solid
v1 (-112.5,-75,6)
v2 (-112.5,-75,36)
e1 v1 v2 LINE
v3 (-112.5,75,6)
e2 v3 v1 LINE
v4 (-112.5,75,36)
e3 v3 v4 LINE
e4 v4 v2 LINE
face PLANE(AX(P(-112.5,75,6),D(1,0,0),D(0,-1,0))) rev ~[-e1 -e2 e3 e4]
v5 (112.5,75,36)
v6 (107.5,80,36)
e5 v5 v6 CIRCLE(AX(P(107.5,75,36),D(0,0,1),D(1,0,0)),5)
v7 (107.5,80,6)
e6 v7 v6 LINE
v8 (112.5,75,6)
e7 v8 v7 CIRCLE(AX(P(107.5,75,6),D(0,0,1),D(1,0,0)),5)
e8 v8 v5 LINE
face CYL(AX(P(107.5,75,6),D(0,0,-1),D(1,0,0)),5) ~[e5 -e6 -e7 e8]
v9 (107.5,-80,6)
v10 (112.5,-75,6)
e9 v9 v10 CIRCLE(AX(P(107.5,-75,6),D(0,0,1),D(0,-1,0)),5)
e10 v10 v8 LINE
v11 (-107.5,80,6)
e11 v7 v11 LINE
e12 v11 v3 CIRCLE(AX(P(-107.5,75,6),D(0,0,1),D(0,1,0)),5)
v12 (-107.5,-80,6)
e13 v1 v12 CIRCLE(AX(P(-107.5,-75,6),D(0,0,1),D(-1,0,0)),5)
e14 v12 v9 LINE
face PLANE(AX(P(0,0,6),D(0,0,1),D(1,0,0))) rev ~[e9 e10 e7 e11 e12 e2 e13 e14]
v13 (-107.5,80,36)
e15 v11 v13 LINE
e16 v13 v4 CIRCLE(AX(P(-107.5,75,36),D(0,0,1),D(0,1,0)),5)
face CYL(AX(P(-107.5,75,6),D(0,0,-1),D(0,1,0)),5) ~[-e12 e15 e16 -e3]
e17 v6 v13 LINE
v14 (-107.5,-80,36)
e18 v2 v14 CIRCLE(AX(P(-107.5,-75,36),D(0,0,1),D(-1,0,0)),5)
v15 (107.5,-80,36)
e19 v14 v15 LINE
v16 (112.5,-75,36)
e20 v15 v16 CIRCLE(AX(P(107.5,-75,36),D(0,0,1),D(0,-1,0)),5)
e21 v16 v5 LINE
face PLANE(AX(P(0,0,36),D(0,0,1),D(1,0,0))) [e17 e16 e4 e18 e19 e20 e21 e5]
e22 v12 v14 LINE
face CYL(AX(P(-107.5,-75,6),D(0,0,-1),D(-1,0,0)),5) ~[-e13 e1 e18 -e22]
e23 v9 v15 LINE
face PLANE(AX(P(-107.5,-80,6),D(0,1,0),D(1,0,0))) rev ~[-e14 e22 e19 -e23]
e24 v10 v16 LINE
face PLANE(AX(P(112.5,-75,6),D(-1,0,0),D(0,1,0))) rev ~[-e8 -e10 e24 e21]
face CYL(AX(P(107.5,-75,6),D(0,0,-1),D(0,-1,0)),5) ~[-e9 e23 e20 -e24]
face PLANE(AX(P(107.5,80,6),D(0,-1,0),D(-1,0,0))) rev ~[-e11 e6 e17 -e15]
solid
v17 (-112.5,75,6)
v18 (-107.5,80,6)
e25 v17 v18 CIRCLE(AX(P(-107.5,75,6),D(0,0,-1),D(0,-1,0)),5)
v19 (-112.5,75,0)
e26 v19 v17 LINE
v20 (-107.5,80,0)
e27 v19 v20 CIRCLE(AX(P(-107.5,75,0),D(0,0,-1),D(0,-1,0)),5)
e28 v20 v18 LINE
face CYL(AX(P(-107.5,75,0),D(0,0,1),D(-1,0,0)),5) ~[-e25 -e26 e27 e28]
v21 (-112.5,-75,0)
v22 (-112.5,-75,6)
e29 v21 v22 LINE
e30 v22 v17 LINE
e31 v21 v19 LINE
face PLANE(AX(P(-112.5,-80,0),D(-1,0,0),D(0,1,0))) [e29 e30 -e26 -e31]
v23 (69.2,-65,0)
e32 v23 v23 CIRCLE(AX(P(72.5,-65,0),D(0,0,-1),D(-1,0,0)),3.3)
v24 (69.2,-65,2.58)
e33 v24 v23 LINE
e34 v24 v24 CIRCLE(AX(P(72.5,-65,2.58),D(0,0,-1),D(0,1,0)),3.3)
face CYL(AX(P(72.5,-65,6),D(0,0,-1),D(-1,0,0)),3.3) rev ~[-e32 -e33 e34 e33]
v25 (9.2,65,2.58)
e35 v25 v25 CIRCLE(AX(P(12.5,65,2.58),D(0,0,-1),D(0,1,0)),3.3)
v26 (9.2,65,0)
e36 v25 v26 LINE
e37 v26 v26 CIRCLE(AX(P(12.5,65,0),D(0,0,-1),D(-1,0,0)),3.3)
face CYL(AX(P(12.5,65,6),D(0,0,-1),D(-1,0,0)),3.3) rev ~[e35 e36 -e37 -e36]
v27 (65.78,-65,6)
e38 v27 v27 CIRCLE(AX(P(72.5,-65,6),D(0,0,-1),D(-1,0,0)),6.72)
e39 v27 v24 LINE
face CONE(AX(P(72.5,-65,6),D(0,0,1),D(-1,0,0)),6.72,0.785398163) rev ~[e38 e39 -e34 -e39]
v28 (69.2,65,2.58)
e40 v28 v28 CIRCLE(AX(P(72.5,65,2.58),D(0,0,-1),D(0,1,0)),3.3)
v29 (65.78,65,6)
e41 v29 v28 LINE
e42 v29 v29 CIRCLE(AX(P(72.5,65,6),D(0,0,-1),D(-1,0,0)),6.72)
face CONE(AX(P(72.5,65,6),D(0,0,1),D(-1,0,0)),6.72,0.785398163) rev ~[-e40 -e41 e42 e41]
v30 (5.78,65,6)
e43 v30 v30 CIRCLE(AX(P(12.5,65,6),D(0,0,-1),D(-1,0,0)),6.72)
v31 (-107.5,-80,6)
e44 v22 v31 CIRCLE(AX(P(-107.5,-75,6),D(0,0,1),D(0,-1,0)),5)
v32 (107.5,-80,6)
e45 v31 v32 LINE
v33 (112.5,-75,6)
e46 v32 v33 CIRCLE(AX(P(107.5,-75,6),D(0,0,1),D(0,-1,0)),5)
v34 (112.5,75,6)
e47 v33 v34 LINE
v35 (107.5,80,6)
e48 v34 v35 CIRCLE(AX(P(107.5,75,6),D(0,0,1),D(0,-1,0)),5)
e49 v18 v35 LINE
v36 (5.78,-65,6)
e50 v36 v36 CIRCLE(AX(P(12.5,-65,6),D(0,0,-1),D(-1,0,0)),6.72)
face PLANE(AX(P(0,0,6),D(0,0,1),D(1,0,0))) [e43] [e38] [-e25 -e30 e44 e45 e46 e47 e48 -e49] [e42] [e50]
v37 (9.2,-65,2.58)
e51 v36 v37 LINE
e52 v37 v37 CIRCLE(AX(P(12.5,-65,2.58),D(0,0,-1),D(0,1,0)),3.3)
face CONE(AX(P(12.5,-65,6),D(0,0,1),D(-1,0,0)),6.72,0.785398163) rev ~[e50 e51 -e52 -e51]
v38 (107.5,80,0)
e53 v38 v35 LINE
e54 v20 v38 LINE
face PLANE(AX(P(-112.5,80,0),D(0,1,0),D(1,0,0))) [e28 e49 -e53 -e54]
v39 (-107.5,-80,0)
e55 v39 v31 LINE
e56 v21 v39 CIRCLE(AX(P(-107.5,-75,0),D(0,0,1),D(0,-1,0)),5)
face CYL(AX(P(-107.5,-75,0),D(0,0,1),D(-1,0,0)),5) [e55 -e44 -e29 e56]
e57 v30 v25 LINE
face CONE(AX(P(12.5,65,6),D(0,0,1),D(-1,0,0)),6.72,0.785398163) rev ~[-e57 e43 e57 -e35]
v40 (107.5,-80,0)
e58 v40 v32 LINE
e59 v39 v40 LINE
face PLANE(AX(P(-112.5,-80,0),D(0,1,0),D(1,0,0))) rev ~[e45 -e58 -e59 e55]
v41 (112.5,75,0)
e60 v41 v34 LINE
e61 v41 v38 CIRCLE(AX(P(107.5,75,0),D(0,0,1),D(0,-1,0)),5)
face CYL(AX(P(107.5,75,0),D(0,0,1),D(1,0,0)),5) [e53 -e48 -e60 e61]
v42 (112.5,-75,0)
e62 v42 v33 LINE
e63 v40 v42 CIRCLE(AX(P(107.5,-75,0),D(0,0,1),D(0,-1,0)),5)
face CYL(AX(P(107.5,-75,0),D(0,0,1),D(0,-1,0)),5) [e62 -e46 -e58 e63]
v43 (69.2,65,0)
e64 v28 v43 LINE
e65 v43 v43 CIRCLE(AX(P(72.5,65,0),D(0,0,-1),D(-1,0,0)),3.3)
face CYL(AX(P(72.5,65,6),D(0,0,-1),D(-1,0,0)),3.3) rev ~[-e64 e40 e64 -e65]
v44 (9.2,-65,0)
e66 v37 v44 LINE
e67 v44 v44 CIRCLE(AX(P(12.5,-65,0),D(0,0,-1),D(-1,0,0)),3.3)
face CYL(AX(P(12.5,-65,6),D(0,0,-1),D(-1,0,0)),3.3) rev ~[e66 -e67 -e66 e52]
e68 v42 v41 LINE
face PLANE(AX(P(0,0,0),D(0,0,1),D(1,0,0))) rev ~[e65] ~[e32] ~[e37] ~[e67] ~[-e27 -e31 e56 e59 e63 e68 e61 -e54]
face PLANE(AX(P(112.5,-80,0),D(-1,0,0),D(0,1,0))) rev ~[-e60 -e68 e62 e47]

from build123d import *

# Parameters (mm, degrees)
F0_W           = 225
F0_H           = 160
F1_DEPTH       = 6
F2_R           = 5
F4_D           = 6.6
F4_DEPTH       = 7
F4_CSINK_D     = 13.44
F4_CSINK_ANGLE = 90
F4_TIP         = 1.9828400428
F6_DEPTH       = 30


with BuildPart() as f1:
    # F0 (on Top) → F1 (new body)
    with BuildSketch(Plane.XY):
        Rectangle(F0_W, F0_H)
    extrude(amount=F1_DEPTH)

    # F2
    f2_edges = [f1.edges().sort_by_distance(p)[0] for p in [
        (112.5, -80, 3),
        (112.5, 80, 3),
        (-112.5, -80, 3),
        (-112.5, 80, 3),
    ]]
    fillet(f2_edges, radius=F2_R)

    # F4
    with Locations(Plane.XY.offset(6)):
        with Locations((12.5, -65), (72.5, -65), (72.5, 65), (12.5, 65)):
            CounterSinkHole(F4_D / 2, F4_CSINK_D / 2, depth=F4_DEPTH, counter_sink_angle=F4_CSINK_ANGLE)
            with Locations((0, 0, -(F4_DEPTH + F4_TIP / 2))):  # 118° drill point
                Cone(0, F4_D / 2, F4_TIP, mode=Mode.SUBTRACT)


with BuildPart() as f6:
    # F5 (on face) → F6 (new body)
    with BuildSketch(Plane.XY.offset(6)):
        with BuildLine():
            ThreePointArc((107.5, -80), (111.0355339059, -78.5355339059), (112.5, -75))
            Line((112.5, -75), (112.5, 75))
            ThreePointArc((112.5, 75), (111.0355339059, 78.5355339059), (107.5, 80))
            Line((107.5, 80), (-107.5, 80))
            ThreePointArc((-107.5, 80), (-111.0355339059, 78.5355339059), (-112.5, 75))
            Line((-112.5, 75), (-112.5, -75))
            ThreePointArc((-112.5, -75), (-111.0355339059, -78.5355339059), (-107.5, -80))
            Line((-107.5, -80), (107.5, -80))
        make_face()
    extrude(amount=F6_DEPTH)


solid = Compound([f1.part, f6.part])
